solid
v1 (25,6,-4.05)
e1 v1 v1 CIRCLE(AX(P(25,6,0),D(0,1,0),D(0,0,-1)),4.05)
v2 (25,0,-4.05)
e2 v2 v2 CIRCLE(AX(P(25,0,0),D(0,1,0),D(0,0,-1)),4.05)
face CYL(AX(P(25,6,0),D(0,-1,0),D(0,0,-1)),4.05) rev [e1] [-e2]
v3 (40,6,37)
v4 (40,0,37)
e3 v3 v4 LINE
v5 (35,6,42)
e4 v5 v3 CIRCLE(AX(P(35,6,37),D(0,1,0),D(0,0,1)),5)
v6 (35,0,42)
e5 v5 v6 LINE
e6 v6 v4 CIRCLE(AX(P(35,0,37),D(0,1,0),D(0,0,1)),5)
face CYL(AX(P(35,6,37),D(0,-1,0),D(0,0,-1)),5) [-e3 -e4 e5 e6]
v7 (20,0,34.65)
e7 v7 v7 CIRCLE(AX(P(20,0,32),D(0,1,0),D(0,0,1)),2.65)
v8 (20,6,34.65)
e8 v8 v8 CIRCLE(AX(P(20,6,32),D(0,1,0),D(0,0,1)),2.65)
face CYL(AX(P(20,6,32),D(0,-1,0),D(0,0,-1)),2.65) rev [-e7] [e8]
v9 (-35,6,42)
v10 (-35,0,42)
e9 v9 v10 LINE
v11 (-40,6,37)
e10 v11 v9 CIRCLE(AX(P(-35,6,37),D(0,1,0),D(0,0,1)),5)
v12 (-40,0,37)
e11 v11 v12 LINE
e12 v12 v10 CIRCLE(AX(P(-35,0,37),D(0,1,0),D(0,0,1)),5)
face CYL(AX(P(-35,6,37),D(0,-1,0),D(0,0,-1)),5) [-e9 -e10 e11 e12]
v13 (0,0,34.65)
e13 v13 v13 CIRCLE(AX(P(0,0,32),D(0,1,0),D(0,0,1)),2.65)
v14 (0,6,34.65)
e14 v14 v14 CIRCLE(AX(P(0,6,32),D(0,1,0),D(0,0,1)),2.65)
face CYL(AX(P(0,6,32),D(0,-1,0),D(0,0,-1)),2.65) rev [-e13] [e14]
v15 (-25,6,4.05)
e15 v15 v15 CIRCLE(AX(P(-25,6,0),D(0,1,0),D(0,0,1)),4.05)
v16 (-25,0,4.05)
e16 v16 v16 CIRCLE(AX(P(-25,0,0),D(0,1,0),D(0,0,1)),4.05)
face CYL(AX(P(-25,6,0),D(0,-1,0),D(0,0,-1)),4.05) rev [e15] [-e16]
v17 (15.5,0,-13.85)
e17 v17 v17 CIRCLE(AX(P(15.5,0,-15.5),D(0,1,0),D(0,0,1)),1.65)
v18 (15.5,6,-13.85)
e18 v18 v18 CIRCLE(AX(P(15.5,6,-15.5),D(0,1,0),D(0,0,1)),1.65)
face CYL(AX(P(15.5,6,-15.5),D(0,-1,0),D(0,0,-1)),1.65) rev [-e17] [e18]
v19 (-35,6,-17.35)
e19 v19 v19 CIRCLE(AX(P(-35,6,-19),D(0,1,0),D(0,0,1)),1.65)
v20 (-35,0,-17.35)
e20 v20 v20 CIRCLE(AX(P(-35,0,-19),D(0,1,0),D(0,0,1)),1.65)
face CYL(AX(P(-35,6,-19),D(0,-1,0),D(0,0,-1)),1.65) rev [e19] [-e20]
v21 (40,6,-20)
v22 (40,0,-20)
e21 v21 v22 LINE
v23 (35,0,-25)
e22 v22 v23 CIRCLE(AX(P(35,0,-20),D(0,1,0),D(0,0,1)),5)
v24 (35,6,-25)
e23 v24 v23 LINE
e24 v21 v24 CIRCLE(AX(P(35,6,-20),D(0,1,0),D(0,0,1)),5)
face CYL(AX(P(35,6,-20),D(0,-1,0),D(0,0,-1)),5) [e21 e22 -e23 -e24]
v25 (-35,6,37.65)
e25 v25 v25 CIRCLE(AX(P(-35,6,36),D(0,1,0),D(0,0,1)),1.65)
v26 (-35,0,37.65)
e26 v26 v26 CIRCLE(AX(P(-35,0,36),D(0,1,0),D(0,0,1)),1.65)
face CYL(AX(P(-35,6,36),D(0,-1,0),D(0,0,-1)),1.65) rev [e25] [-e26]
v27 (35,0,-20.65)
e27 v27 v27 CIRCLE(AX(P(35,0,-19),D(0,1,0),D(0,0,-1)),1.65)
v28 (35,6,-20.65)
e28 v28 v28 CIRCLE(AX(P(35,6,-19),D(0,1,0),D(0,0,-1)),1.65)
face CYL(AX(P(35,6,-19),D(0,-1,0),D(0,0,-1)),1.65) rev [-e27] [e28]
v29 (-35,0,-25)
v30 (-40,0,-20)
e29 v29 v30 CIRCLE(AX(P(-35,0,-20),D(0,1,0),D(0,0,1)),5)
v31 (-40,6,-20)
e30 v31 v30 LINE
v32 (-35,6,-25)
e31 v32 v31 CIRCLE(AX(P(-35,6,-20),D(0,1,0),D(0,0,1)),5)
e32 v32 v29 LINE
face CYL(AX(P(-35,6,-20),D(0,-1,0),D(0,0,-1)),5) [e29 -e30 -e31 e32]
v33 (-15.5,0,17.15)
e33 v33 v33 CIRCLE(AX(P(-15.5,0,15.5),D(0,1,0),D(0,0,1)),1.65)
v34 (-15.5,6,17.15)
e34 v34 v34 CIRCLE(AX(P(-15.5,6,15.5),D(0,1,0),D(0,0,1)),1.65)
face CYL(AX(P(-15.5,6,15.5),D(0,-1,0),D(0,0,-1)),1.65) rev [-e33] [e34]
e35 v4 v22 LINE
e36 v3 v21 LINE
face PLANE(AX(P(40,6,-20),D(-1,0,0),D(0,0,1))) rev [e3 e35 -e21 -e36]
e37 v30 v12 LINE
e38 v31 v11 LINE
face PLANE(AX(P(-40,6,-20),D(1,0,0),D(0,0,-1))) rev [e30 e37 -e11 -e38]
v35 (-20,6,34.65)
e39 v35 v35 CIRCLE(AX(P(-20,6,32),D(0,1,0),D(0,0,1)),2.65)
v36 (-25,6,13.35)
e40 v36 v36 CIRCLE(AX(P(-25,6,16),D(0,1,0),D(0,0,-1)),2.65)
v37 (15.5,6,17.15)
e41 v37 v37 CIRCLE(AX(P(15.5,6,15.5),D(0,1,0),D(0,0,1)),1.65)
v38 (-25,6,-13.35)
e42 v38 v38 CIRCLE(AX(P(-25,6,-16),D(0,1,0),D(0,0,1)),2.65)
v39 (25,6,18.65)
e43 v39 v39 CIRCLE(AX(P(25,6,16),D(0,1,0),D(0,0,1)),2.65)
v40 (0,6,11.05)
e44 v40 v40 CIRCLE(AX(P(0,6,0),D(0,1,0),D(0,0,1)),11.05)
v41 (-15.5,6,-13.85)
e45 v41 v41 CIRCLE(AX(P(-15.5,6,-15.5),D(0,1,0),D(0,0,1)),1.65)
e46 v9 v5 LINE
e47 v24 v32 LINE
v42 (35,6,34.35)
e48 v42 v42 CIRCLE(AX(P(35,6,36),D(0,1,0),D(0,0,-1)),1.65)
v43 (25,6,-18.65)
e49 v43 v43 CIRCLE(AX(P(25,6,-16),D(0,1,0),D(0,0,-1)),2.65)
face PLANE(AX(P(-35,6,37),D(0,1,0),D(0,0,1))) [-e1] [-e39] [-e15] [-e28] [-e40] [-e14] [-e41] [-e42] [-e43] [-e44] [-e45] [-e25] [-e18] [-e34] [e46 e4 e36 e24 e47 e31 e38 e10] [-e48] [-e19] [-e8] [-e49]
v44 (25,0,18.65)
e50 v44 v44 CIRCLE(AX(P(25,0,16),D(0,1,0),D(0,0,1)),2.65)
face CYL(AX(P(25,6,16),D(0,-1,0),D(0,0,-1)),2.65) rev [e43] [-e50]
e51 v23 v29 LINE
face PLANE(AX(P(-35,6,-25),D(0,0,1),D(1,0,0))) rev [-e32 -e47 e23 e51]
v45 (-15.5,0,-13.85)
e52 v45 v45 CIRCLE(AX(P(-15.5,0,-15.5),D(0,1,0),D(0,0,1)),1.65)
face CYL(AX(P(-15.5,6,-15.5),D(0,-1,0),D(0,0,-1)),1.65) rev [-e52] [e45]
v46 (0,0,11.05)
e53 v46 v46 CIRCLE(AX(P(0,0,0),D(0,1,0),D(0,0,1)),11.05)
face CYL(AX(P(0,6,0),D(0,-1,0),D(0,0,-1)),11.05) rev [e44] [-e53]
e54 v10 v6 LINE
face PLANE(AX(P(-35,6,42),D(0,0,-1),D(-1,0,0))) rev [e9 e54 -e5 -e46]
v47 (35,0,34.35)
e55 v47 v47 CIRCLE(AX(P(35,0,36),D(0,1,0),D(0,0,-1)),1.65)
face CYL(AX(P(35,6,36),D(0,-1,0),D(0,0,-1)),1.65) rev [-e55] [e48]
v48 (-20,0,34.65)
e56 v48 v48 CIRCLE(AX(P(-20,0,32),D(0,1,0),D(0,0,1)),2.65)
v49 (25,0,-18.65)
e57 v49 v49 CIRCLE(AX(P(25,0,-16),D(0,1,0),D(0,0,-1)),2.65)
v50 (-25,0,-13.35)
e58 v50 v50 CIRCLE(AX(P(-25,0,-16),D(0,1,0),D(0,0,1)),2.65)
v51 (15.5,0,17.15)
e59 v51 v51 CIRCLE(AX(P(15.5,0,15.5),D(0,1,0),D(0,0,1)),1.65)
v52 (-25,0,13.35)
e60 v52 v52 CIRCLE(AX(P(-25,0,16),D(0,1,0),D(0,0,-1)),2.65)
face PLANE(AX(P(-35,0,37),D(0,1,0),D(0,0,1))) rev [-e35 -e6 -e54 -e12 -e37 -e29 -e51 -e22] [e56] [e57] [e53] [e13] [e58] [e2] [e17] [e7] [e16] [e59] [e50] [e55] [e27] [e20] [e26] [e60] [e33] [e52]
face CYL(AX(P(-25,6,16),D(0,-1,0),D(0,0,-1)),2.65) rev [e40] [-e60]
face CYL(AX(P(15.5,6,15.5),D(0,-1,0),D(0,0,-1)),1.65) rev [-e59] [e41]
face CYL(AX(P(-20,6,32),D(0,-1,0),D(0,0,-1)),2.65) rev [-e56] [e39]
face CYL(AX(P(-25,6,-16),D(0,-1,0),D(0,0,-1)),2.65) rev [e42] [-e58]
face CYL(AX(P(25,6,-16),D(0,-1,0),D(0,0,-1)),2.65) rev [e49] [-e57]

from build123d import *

# Parameters (mm, degrees)
SKETCH_1_R      = 11.05
SKETCH_1_R_2    = 1.65
SKETCH_1_R_3    = 4.05
SKETCH_1_R_4    = 2.65
EXTRUDE_1_DEPTH = 6


with BuildPart() as part:
    # 草图1 → 凸台-拉伸1 (new body)
    with BuildSketch(Plane(origin=(0, 0, 0), x_dir=(1, 0, 0), z_dir=(0, 1, 0))):
        with BuildLine():
            Line((-35, -42), (35, -42))
            ThreePointArc((35, -42), (38.535533906, -40.535533906), (40, -37))
            Line((40, -37), (40, 20))
            ThreePointArc((40, 20), (38.535533906, 23.535533906), (35, 25))
            Line((35, 25), (-35, 25))
            ThreePointArc((-35, 25), (-38.535533906, 23.535533906), (-40, 20))
            Line((-40, 20), (-40, -37))
            ThreePointArc((-40, -37), (-38.535533906, -40.535533906), (-35, -42))
        make_face()
        with Locations(Location((0, 0, 0), (0, 0, 270))):
            Circle(SKETCH_1_R, mode=Mode.SUBTRACT)
        with Locations(Location((-15.5, 15.5, 0), (0, 0, 270))):
            Circle(SKETCH_1_R_2, mode=Mode.SUBTRACT)
        with Locations(Location((15.5, 15.5, 0), (0, 0, 270))):
            Circle(SKETCH_1_R_2, mode=Mode.SUBTRACT)
        with Locations(Location((15.5, -15.5, 0), (0, 0, 270))):
            Circle(SKETCH_1_R_2, mode=Mode.SUBTRACT)
        with Locations(Location((-15.5, -15.5, 0), (0, 0, 270))):
            Circle(SKETCH_1_R_2, mode=Mode.SUBTRACT)
        with Locations(Location((-25, 0, 0), (0, 0, 270))):
            Circle(SKETCH_1_R_3, mode=Mode.SUBTRACT)
        with Locations(Location((-25, 16, 0), (0, 0, 270))):
            Circle(SKETCH_1_R_4, mode=Mode.SUBTRACT)
        with Locations(Location((-25, -16, 0), (0, 0, 90))):
            Circle(SKETCH_1_R_4, mode=Mode.SUBTRACT)
        with Locations(Location((25, 0, 0), (0, 0, 90))):
            Circle(SKETCH_1_R_3, mode=Mode.SUBTRACT)
        with Locations(Location((25, -16, 0), (0, 0, 270))):
            Circle(SKETCH_1_R_4, mode=Mode.SUBTRACT)
        with Locations(Location((25, 16, 0), (0, 0, 90))):
            Circle(SKETCH_1_R_4, mode=Mode.SUBTRACT)
        with Locations(Location((-20, -32, 0), (0, 0, 270))):
            Circle(SKETCH_1_R_4, mode=Mode.SUBTRACT)
        with Locations(Location((0, -32, 0), (0, 0, 270))):
            Circle(SKETCH_1_R_4, mode=Mode.SUBTRACT)
        with Locations(Location((20, -32, 0), (0, 0, 270))):
            Circle(SKETCH_1_R_4, mode=Mode.SUBTRACT)
        with Locations(Location((-35, 19, 0), (0, 0, 270))):
            Circle(SKETCH_1_R_2, mode=Mode.SUBTRACT)
        with Locations(Location((-35, -36, 0), (0, 0, 270))):
            Circle(SKETCH_1_R_2, mode=Mode.SUBTRACT)
        with Locations(Location((35, -36, 0), (0, 0, 90))):
            Circle(SKETCH_1_R_2, mode=Mode.SUBTRACT)
        with Locations(Location((35, 19, 0), (0, 0, 90))):
            Circle(SKETCH_1_R_2, mode=Mode.SUBTRACT)
    extrude(amount=EXTRUDE_1_DEPTH)


solid = part.part
